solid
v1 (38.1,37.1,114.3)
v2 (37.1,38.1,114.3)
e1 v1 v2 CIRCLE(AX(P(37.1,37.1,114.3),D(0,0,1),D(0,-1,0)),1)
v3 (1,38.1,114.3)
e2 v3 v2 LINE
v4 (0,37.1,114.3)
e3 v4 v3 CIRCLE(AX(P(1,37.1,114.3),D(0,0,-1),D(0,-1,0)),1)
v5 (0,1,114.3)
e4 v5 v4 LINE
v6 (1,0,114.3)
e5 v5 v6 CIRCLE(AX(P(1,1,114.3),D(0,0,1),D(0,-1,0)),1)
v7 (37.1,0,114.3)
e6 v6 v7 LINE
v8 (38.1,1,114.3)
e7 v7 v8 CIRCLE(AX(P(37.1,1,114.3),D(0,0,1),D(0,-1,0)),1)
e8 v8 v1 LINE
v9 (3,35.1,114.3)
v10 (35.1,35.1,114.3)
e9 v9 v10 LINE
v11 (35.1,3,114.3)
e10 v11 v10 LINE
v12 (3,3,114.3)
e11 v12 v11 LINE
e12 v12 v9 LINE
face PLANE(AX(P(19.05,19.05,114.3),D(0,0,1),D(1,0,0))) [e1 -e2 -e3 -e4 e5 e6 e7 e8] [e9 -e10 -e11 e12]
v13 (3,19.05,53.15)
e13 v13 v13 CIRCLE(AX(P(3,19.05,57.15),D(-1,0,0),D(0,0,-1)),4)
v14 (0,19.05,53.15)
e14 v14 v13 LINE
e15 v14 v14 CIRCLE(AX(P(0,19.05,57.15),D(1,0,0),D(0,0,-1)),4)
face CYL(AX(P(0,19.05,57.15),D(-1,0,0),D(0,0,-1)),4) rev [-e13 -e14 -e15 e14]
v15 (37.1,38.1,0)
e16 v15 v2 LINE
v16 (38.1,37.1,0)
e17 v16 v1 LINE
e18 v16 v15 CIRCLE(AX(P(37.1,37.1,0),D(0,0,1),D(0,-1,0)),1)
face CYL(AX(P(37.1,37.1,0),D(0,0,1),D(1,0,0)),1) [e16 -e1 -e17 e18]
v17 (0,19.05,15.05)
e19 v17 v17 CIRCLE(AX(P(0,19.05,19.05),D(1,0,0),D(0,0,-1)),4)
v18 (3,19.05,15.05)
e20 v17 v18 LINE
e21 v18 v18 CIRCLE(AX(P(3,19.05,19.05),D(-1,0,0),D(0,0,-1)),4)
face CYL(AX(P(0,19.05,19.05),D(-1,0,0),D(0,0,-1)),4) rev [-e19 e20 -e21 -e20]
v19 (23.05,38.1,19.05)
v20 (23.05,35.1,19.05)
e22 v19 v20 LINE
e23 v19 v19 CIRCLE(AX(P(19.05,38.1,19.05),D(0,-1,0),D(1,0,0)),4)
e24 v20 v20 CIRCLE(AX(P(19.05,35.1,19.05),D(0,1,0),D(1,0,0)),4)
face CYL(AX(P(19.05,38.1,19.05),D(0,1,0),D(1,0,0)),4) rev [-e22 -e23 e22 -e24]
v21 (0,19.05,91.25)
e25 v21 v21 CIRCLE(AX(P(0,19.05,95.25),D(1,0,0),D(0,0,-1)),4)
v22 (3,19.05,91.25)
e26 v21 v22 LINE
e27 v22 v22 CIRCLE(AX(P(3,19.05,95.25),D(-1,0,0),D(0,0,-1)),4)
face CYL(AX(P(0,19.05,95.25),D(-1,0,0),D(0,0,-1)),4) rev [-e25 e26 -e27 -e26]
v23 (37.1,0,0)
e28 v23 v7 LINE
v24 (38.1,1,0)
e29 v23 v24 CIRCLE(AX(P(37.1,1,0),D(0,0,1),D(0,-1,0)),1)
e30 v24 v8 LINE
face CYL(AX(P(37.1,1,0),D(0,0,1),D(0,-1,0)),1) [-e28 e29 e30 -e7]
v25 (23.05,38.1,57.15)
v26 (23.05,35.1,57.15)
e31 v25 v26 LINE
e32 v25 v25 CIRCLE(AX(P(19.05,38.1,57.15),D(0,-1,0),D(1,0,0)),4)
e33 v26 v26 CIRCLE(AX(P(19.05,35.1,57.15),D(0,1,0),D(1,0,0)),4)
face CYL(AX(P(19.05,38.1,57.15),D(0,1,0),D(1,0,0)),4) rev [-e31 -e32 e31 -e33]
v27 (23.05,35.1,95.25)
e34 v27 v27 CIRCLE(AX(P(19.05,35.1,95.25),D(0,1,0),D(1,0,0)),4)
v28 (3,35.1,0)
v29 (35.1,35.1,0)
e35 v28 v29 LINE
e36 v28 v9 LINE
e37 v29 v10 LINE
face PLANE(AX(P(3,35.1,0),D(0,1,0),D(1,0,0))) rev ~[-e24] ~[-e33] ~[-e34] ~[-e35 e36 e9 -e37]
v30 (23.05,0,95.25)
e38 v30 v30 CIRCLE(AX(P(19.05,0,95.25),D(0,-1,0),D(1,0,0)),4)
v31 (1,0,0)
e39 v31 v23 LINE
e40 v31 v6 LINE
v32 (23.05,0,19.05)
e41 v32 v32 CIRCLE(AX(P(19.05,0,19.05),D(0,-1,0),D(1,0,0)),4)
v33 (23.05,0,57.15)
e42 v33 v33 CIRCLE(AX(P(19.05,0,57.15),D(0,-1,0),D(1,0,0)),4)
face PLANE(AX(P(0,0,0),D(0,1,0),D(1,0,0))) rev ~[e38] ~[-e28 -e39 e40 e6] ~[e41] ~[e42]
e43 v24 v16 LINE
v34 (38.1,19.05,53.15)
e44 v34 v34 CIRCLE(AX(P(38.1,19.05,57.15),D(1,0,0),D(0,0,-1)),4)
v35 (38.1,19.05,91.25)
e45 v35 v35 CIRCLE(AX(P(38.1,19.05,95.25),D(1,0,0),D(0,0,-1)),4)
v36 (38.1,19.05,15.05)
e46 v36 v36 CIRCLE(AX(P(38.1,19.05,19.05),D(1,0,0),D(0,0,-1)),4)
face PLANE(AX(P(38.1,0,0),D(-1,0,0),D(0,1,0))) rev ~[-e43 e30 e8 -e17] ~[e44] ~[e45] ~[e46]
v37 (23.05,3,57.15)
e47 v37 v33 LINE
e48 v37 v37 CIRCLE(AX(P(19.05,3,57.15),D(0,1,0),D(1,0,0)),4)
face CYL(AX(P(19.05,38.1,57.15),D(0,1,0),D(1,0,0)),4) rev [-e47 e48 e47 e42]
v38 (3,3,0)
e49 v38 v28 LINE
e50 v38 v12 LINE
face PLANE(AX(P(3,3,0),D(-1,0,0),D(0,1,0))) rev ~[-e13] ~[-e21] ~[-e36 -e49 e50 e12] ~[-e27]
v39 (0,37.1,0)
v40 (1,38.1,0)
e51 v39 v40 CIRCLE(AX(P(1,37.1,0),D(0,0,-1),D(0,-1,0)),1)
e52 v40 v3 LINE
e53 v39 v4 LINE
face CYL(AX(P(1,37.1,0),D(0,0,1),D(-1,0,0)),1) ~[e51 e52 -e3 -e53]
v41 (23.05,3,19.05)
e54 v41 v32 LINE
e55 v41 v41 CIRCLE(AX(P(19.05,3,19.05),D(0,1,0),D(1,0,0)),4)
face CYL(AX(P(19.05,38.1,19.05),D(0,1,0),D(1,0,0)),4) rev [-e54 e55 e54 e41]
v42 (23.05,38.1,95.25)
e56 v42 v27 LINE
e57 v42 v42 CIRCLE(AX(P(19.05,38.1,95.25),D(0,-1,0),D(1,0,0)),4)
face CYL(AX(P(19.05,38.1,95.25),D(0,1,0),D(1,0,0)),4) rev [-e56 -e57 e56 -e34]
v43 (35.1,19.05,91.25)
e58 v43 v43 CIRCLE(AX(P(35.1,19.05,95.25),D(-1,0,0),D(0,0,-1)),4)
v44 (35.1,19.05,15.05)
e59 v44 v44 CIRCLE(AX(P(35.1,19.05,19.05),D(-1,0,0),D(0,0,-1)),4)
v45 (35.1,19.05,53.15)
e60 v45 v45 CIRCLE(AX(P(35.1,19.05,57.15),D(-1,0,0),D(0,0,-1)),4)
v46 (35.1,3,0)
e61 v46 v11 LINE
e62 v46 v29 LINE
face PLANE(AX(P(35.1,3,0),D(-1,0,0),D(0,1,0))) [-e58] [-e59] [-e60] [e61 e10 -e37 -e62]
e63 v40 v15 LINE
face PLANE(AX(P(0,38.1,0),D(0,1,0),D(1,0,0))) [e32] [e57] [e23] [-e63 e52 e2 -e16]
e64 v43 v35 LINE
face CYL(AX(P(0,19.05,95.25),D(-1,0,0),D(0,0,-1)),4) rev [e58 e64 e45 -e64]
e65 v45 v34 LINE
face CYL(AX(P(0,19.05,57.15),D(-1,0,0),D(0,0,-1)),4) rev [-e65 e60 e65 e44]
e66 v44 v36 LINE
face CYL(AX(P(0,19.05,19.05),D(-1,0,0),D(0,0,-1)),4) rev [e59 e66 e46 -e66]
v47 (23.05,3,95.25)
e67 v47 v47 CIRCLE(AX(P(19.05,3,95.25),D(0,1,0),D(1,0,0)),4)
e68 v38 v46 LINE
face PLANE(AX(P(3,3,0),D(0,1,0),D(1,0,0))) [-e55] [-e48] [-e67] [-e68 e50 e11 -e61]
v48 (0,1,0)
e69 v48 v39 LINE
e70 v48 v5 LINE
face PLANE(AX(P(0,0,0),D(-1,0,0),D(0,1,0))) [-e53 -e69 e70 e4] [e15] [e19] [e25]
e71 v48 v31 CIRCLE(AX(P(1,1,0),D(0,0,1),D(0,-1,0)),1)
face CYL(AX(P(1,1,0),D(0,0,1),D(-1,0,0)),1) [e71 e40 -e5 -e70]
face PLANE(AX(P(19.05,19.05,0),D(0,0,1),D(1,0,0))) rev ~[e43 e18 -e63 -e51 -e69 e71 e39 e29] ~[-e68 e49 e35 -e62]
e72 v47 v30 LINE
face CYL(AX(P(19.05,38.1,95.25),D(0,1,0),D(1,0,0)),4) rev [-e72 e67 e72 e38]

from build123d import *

# Parameters (mm, degrees)
BOX001_W               = 32.1
BOX001_H               = 32.1
BOX001_DEPTH           = 114.3
CYLINDER_R             = 4
CYLINDER_DEPTH         = 38.1
CYLINDER_PITCH_ANGLE   = 90
ARRAY001_Z_COUNT       = 3
ARRAY001_Z_PITCH       = 38.1
CYLINDER001_R          = 4
CYLINDER001_DEPTH      = 38.1
CYLINDER001_ROLL_ANGLE = 90
ARRAY_Z_COUNT          = 3
ARRAY_Z_PITCH          = 38.1
BOX_W                  = 38.1
BOX_H                  = 38.1
BOX_DEPTH              = 114.3
FILLET_R               = 1


with BuildPart() as cutout:
    # Box001 → Box001 (new body)
    with BuildSketch(Plane(origin=(3, 3, 0), x_dir=(1, 0, 0), z_dir=(0, 0, 1))):
        with Locations((16.05, 16.05)):
            Rectangle(BOX001_W, BOX001_H)
    extrude(amount=BOX001_DEPTH)


with BuildPart() as holes2:
    # Cylinder → Cylinder (new body)
    with BuildSketch(Plane.XY):
        Circle(CYLINDER_R)
    extrude(amount=CYLINDER_DEPTH)


with BuildPart() as holes2_1:
    # Cylinder pitch: moved
    add(holes2.part.rotate(Axis((0, 0, 0), (0, 1, 0)), CYLINDER_PITCH_ANGLE))


with BuildPart() as holes2_2:
    # Cylinder placement: moved
    add(holes2_1.part.moved(Location((0, 19.05, 19.05))))

    # Array001 Z: Holes2 ×3


with BuildPart() as holes2_3:
    add(holes2_2.part)
    with Locations(*[(0, 0, i * ARRAY001_Z_PITCH) for i in range(1, ARRAY001_Z_COUNT)]):
        add(holes2_2.part)


with BuildPart() as holes1:
    # Cylinder001 → Cylinder001 (new body)
    with BuildSketch(Plane.XY):
        Circle(CYLINDER001_R)
    extrude(amount=CYLINDER001_DEPTH)


with BuildPart() as holes1_1:
    # Cylinder001 roll: moved
    add(holes1.part.rotate(Axis((0, 0, 0), (1, 0, 0)), CYLINDER001_ROLL_ANGLE))


with BuildPart() as holes1_2:
    # Cylinder001 placement: moved
    add(holes1_1.part.moved(Location((19.05, 38.1, 19.05))))

    # Array Z: Holes1 ×3


with BuildPart() as holes1_3:
    add(holes1_2.part)
    with Locations(*[(0, 0, i * ARRAY_Z_PITCH) for i in range(1, ARRAY_Z_COUNT)]):
        add(holes1_2.part)


with BuildPart() as cut002:
    # Box → Box (new body)
    with BuildSketch(Plane.XY):
        with Locations((19.05, 19.05)):
            Rectangle(BOX_W, BOX_H)
    extrude(amount=BOX_DEPTH)

    # Fillet
    fillet_edges = [cut002.edges().sort_by_distance(p)[0] for p in [
        (0, 0, 57.15),
        (38.1, 0, 57.15),
        (38.1, 38.1, 57.15),
        (0, 38.1, 57.15),
    ]]
    fillet(fillet_edges, radius=FILLET_R)

    # Cut: cut Holes1
    add(holes1_3.part, mode=Mode.SUBTRACT)

    # Cut001: cut Holes2
    add(holes2_3.part, mode=Mode.SUBTRACT)

    # Cut002: cut Cutout
    add(cutout.part, mode=Mode.SUBTRACT)


solid = cut002.part
